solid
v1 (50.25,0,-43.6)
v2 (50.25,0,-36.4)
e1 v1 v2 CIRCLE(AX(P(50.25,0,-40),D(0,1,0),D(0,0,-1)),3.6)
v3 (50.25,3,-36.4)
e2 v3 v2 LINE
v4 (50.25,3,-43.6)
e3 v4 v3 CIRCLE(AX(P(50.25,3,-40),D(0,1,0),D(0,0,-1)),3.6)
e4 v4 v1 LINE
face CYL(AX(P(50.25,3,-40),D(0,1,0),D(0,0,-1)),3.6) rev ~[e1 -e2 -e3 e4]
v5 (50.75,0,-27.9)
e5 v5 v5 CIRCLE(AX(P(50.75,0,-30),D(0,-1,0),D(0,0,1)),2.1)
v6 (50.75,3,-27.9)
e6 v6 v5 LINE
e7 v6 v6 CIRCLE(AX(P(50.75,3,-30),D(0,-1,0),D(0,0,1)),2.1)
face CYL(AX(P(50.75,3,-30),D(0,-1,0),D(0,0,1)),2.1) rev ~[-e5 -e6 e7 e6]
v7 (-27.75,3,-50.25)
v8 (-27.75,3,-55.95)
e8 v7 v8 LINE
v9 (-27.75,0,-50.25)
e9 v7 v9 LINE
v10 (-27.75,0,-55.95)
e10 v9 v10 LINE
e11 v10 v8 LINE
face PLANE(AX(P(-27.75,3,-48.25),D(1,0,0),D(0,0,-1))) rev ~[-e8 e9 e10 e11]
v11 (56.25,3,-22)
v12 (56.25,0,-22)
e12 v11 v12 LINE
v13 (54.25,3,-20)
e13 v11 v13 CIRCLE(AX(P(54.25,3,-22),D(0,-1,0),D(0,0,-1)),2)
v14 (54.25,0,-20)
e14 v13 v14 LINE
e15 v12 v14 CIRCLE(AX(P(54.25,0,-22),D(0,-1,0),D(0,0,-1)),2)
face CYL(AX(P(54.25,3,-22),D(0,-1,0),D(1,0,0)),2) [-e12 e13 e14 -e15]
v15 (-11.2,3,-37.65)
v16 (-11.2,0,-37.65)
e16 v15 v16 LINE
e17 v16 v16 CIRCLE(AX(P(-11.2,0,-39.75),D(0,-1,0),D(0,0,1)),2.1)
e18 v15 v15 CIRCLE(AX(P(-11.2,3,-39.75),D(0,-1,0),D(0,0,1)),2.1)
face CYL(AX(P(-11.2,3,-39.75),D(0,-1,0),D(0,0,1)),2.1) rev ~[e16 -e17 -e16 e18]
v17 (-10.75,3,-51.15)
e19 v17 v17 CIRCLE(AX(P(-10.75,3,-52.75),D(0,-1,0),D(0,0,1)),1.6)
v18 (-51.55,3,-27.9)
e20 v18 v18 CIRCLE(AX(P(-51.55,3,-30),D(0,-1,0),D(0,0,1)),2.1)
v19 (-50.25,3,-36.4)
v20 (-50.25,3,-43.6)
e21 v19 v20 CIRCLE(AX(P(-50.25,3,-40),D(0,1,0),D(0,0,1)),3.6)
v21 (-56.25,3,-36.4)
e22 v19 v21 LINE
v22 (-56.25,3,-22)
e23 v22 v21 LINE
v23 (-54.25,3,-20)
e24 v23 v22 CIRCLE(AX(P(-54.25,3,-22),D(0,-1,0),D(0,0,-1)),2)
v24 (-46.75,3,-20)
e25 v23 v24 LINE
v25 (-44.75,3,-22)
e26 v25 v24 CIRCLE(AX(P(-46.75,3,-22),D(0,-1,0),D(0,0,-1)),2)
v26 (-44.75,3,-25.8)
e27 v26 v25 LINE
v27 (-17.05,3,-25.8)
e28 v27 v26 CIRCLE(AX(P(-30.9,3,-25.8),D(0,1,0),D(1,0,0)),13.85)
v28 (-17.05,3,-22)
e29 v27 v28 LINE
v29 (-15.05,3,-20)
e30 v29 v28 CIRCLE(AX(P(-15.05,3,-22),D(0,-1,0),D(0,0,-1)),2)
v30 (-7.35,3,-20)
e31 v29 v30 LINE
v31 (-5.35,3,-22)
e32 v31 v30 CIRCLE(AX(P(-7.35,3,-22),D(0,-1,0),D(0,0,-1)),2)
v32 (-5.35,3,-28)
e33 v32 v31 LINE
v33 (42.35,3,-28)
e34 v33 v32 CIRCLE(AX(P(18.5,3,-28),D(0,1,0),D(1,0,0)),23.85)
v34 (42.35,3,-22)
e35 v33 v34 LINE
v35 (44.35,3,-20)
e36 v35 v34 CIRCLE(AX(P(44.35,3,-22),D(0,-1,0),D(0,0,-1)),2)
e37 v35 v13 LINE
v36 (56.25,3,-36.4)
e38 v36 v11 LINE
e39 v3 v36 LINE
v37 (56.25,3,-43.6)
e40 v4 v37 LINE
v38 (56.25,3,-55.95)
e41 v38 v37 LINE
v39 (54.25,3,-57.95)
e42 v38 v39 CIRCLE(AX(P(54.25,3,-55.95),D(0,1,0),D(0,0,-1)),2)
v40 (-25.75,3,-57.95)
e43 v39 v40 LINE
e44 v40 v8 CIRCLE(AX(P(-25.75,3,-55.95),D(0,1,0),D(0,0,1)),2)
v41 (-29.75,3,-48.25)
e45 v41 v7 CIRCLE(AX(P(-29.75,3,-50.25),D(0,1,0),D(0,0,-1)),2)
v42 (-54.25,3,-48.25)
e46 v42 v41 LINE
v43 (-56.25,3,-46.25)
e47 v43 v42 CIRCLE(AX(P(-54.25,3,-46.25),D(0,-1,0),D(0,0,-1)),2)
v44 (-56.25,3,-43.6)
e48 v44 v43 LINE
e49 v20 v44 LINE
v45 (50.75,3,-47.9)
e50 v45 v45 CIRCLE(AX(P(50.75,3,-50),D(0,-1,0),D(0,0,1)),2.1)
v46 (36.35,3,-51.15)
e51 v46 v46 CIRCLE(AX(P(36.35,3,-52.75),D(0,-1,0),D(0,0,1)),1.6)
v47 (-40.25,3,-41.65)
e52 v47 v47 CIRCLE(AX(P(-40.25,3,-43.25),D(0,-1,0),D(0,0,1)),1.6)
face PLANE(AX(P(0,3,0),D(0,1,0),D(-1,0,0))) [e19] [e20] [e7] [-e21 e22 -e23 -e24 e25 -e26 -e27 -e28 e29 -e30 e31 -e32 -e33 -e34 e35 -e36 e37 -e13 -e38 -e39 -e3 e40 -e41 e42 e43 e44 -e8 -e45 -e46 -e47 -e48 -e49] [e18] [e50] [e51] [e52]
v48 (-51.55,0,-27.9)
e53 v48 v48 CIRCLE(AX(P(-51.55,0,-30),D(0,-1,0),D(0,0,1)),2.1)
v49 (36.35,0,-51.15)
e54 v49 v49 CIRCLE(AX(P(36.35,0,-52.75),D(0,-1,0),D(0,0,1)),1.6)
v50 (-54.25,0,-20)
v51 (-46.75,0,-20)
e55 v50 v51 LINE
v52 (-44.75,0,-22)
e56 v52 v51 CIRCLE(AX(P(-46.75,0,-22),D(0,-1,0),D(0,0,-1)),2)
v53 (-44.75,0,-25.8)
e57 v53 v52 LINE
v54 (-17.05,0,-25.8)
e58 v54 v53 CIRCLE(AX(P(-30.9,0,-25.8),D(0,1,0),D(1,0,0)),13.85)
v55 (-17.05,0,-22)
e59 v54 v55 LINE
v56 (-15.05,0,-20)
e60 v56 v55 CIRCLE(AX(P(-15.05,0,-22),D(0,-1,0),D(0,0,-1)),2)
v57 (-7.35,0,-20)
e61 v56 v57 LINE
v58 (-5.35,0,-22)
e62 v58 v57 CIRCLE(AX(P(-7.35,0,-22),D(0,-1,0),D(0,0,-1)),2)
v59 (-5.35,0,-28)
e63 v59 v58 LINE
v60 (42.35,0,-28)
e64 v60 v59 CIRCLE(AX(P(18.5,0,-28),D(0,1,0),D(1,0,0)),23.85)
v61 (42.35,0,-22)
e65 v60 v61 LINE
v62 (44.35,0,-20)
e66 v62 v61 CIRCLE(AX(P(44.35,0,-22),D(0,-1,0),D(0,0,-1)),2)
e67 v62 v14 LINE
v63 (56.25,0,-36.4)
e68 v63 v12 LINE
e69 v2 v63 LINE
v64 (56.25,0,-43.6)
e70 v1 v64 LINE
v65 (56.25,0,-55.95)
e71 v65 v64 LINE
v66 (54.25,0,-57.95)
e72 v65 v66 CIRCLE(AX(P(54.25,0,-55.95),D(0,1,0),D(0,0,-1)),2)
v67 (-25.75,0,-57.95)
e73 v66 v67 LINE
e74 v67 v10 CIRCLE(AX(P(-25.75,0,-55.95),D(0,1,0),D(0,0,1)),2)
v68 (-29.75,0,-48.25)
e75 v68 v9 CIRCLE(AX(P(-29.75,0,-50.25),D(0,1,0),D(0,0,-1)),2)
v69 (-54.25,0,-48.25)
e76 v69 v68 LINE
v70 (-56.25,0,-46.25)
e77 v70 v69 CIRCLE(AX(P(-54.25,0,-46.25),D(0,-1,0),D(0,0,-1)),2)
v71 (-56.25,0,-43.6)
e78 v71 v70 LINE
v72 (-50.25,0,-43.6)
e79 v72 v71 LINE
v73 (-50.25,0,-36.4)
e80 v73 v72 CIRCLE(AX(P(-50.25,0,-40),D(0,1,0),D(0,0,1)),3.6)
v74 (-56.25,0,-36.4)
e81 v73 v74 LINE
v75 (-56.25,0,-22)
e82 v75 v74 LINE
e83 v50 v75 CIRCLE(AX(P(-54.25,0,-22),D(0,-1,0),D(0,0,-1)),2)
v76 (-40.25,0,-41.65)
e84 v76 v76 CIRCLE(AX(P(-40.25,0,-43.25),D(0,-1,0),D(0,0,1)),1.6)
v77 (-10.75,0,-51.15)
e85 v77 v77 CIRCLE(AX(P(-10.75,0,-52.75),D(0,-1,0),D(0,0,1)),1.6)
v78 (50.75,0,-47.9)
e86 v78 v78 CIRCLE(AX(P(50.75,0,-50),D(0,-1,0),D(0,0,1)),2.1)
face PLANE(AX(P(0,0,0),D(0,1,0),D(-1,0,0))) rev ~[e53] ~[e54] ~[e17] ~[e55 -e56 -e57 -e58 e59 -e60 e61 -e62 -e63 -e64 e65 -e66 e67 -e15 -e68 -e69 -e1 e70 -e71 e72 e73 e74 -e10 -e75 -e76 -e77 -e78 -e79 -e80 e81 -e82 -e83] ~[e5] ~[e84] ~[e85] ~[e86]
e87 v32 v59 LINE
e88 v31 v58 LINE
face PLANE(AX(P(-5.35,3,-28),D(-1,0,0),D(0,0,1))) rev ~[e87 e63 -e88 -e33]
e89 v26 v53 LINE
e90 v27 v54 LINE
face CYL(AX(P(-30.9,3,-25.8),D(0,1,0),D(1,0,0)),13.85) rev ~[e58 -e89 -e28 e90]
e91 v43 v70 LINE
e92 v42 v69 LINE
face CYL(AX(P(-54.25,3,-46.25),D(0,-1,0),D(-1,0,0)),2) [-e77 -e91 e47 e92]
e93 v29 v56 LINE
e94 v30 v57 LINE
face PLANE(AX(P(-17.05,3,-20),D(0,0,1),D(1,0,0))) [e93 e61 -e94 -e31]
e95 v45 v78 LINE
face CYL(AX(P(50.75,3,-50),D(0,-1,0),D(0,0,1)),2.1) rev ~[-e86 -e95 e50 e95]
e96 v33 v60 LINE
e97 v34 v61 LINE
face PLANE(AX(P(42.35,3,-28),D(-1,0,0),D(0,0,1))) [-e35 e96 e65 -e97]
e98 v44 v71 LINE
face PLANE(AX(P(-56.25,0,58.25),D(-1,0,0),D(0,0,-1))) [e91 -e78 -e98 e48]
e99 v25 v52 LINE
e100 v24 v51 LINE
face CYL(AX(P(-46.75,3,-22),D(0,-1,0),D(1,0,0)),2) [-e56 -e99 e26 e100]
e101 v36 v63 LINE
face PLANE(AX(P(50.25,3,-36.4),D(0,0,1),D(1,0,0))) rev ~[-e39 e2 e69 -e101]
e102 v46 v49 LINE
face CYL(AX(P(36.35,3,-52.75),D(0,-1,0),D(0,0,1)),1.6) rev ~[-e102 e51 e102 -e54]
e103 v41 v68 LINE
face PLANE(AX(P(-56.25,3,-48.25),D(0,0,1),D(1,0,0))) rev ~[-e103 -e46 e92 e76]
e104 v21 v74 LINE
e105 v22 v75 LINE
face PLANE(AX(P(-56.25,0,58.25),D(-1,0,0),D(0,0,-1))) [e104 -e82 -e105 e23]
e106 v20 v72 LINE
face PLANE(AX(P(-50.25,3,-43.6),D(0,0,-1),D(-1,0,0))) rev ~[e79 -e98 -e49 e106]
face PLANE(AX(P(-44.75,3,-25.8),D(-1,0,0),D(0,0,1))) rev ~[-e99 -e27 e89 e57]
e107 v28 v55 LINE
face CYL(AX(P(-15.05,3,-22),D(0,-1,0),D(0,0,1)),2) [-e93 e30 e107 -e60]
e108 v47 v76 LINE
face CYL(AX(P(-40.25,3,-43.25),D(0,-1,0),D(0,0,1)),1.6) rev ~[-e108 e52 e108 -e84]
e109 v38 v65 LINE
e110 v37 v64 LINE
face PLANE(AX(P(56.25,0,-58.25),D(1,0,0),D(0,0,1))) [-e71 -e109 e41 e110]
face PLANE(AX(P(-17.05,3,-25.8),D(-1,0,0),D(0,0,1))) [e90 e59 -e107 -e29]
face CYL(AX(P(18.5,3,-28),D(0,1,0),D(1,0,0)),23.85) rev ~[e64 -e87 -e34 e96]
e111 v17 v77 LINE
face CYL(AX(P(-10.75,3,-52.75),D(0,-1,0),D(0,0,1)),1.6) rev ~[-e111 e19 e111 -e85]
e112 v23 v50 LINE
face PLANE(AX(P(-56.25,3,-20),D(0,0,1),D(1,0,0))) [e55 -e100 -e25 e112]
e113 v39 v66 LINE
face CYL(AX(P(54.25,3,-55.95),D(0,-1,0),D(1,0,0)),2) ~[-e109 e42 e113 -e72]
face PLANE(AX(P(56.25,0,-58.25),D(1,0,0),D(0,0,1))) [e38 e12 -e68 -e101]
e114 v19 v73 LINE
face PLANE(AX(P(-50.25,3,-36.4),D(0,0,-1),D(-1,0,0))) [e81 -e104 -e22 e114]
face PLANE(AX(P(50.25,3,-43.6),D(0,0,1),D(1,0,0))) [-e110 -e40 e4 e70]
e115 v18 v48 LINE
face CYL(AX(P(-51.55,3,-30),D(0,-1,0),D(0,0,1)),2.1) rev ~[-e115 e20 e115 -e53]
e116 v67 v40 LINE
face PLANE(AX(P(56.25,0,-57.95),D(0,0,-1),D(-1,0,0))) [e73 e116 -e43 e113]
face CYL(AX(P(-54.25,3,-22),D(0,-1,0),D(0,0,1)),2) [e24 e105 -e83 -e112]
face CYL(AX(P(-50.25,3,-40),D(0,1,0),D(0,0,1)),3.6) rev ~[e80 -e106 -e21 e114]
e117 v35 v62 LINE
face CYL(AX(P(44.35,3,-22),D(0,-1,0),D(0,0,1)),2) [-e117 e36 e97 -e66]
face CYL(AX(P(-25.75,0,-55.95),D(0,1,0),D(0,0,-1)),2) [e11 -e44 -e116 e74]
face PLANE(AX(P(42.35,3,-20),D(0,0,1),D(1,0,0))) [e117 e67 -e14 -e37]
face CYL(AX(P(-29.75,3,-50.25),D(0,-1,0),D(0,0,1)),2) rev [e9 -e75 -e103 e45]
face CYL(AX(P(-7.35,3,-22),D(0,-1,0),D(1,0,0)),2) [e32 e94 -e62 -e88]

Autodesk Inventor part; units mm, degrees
ref_plane "YZ Plane" through (0, 0, 0) normal (1, 0, 0) x (0, 1, 0)
ref_plane "XZ Plane" through (0, 0, 0) normal (0, 1, 0) x (-1, 0, 0)
ref_plane "XY Plane" through (0, 0, 0) normal (0, 0, 1) x (1, 0, 0)
sketch "Sketch1" plane through (0, 0, 0) normal (0, 1, 0) x (-1, 0, 0)
  line L0 (-56.25, 58.25) -> (56.25, 58.25)
  line L1 (56.25, 58.25) -> (56.25, -58.25)
  line L2 (56.25, -58.25) -> (-56.25, -58.25)
  line L3 (-56.25, -58.25) -> (-56.25, 58.25)
  line L4 (-56.25, 58.25) -> (56.25, -58.25) construction
  line L5 (56.25, 58.25) -> (-56.25, -58.25) construction
  point P0 (0, 0)
  dimension "d0" = 112.5
  dimension "d1" = 116.5
extrude "Extrusion1" add sketch "Sketch1" along normal blind 3
sketch "Sketch2" plane through (0, 3, 0) normal (0, 1, 0) x (1, 0, 0)
  circle A0 centre (18.5, 28) radius 23.85
  circle A1 centre (37, -23.25) radius 13.85
  circle A2 centre (-35, -40.25) radius 13.85
  circle A3 centre (-30.9, 25.8) radius 13.85
  circle A4 centre (0, -23.25) radius 13.85
  line L0 (56.25, 58.25) -> (-56.25, 58.25) projected
  line L1 (-56.25, -58.25) -> (56.25, -58.25) projected
  line L2 (0, -105.9299) -> (0, 123.2086) construction
  line L3 (-76.4777, -40.25) -> (-5.35, -40.25) construction
  line L4 (-123.5447, -23.25) -> (82.5572, -23.25) construction
  line L5 (56.25, -58.25) -> (56.25, 58.25) construction
  point P0 (0, 0)
  dimension "d4" = 47.7
  dimension "d5" = 27.7
  dimension "d6" = 27.7
  dimension "d7" = 27.7
  dimension "d8" = 27.7
  dimension "d9" = 116.5
  dimension "d10" = 112.5
  dimension "d13" = 37
  dimension "d14" = 18.5
  dimension "d15" = 30.9
  dimension "d18" = 18
  dimension "d19" = 35
  dimension "d20" = 35
  dimension "d53" = 28
  dimension "d54" = 25.8
extrude "Extrusion2" cut sketch "Sketch2" against normal blind 5
sketch "Sketch4" plane through (0, 3, 0) normal (0, 1, 0) x (1, 0, 0)
  line L0 (-56.25, 58.25) -> (-56.25, -58.25)
  line L1 (56.25, -58.25) -> (56.25, 58.25)
  line L2 (18.5, -17.4904) -> (18.5, -40.0394) construction
  line L3 (-51.55, 5.4) -> (-51.55, 71.9941) construction
  line L4 (50.75, 5.4) -> (50.75, 69.4565) construction
  line L5 (-73.722, 50) -> (66.5467, 50) construction
  line L6 (66.5467, 30) -> (-76.0779, 30) construction
  circle A0 centre (18.5, 28) radius 23.85
  circle A1 centre (37, -23.25) radius 13.85
  circle A2 centre (-30.9, 25.8) radius 13.85
  circle A3 centre (0, -23.25) radius 13.85
  circle A4 centre (-35, -40.25) radius 13.85
  line L7 (56.25, 58.25) -> (-56.25, 58.25)
  line L8 (-56.25, 58.25) -> (-56.25, -58.25)
  line L9 (-56.25, -58.25) -> (56.25, -58.25)
  line L10 (56.25, -58.25) -> (56.25, 58.25)
  circle A5 centre (-30.9, 25.8) radius 13.85
  circle A6 centre (18.5, 28) radius 23.85
  circle A7 centre (0, -23.25) radius 13.85
  circle A8 centre (37, -23.25) radius 13.85
  circle A9 centre (-35, -40.25) radius 13.85
  line L11 (-56.25, 58.25) -> (-56.25, -58.25)
  line L12 (-56.25, 58.25) -> (-56.25, -58.25)
  line L13 (56.25, -58.25) -> (56.25, 58.25)
  line L14 (56.25, 58.25) -> (56.25, -58.25)
  line L15 (-56.25, 20) -> (-44.75, 20)
  line L16 (-17.05, 20) -> (-5.35, 20)
  line L17 (42.35, 20) -> (56.25, 20)
  line L18 (-56.25, -40.25) -> (-48.85, -40.25)
  circle A10 centre (-35, -40.25) radius 13.85
  circle A11 centre (37, -23.25) radius 13.85
  line L19 (50.85, -23.25) -> (56.25, -23.25)
  circle A12 centre (0, -23.25) radius 13.85
  line L20 (-13.85, -23.25) -> (-13.85, -38.25)
  line L21 (-15.85, -40.25) -> (-21.15, -40.25)
  line L22 (13.85, -23.25) -> (13.85, -31.25)
  line L23 (15.85, -33.25) -> (21.15, -33.25)
  line L24 (23.15, -31.25) -> (23.15, -23.25)
  arc A13 (13.85, -31.25) -> (15.85, -33.25) centre (15.85, -31.25) ccw
  arc A14 (21.15, -33.25) -> (23.15, -31.25) centre (21.15, -31.25) ccw
  arc A15 (-15.85, -40.25) -> (-13.85, -38.25) centre (-15.85, -38.25) ccw
  line L25 (-44.75, 25.8) -> (-44.75, 20)
  circle A16 centre (-30.9, 25.8) radius 13.85 projected
  line L26 (-17.05, 25.8) -> (-17.05, 20)
  line L27 (-5.35, 28) -> (-5.35, 20)
  circle A17 centre (18.5, 28) radius 23.85 projected
  line L28 (42.35, 28) -> (42.35, 20)
  line L29 (-110.6194, 0) -> (115.0669, 0) construction
  line L30 (0, -77.0518) -> (0, 133.3252) construction
  point P0 (-56.25, 17.5733)
  point P1 (-42.0273, 17.5733)
  point P2 (-19.7727, 17.5733)
  point P3 (-2.96, 17.5733)
  point P4 (39.1015, 15.9629)
  point P5 (56.25, 15.9629)
  point P6 (-13.85, -23.25)
  point P7 (-21.15, -40.25)
  point P8 (0, 0)
  point P9 (0, 0)
  point P10 (18.5, -13.25)
  point P11 (18.5, -23.25)
  point P12 (-51.55, 30)
  point P13 (50.75, 50)
  point P14 (50.75, 30)
  point P15 (-13.85, -40.25)
  point P16 (13.85, -33.25)
  point P17 (-56.25, 17.5)
  point P18 (-41.9875, 17.5)
  point P19 (-19.8125, 17.5)
  point P20 (-2.9143, 17.5)
  point P21 (39.1112, 16)
  point P22 (56.25, 16)
  point P23 (-21.15, -40.25)
  point P24 (56.25, 20)
  point P25 (-56.25, 20)
  point P26 (56.25, 0)
  point P27 (-56.25, 0)
  point P28 (-11.2, 39.75)
  dimension "d65" = 27.7
  dimension "d55" = 4.7
  dimension "d56" = 5.5
  dimension "d57" = 13.25
  dimension "d58" = 30
  dimension "d59" = 50
  dimension "d60" = 5.4
  dimension "d61" = 5.4
  dimension "d62" = 18.5
  dimension "d63" = 10
  dimension "d64" = 2
  dimension "d66" = 47.7
  dimension "d67" = 2
  dimension "d68" = 27.7
  dimension "d69" = 23.25
  dimension "d70" = 37
  dimension "d73" = 20
  dimension "d88" = 20
  dimension "d89" = 28
  dimension "d98" = 18.5
  dimension "d99" = 45.05
hole "Hole1" at (-51.55, 3, -30) at (50.75, 3, -50) at (50.75, 3, -30) at (-11.2, 3, -39.75) direction (0, -1, 0) diameter 4.2 end through all
extrude "Extrusion3" cut sketch "Sketch4" against normal blind 10 contours L15 L25 A2 L26 L16 L27 A0 L28 L17 L1 L19 A1 L24 A14 L23 A13 L22 A3 L20 A15 L21 A4 L18 L0 | L18 A4 L21 A15 L20 A3 L22 A13 L23 A14 L24 A1 L19 L1 L9 L0
fillet "Fillet1" radius 2 6 edges at (-56.25, 1.5, -20) (-44.75, 1.5, -20) (-17.05, 1.5, -20) (-5.35, 1.5, -20) (42.35, 1.5, -20) (56.25, 1.5, -20)
sketch "Sketch5" plane through (0, 3, 0) normal (0, 1, 0) x (1, 0, 0)
  line L0 (56.25, 58.25) -> (-56.25, 58.25)
  line L1 (56.25, 58.25) -> (-56.25, 58.25)
  line L2 (-46.75, 25.8) -> (-44.75, 25.8)
  arc A0 (-17.05, 25.8) -> (-44.75, 25.8) centre (-30.9, 25.8) ccw
  arc A1 (-17.05, 25.8) -> (-15.05, 27.8) centre (-17.05, 27.8) ccw
  line L3 (-15.05, 27.8) -> (-15.05, 42.25)
  arc A2 (-13.05, 44.25) -> (-15.05, 42.25) centre (-13.05, 42.25) ccw
  line L4 (-13.05, 44.25) -> (-9.35, 44.25)
  arc A3 (-7.35, 42.25) -> (-9.35, 44.25) centre (-9.35, 42.25) ccw
  line L5 (-7.35, 42.25) -> (-7.35, 29.9796)
  arc A4 (-7.35, 29.9796) -> (-5.35, 27.98) centre (-5.35, 29.98) ccw
  arc A5 (42.35, 27.98) -> (-5.35, 27.98) centre (18.5, 28) ccw
  line L6 (42.35, 27.98) -> (44.35, 27.98)
  line L7 (44.35, 27.98) -> (44.35, 58.25)
  line L8 (44.35, 58.25) -> (-46.75, 58.25)
  line L9 (-46.75, 58.25) -> (-46.75, 25.8)
  line L10 (56.25, 58.25) -> (-56.25, 58.25) projected
  point P0 (0, 0)
  point P1 (0, 0)
  point P2 (-40.25, 43.25)
  point P3 (-10.75, 52.75)
  point P4 (36.35, 52.75)
  point P5 (54.25, 58.25)
  point P6 (-54.25, 58.25)
  dimension "d75" = 5.5
  dimension "d76" = 5.5
  dimension "d77" = 15
  dimension "d78" = 6.5
  dimension "d79" = 36
  dimension "d80" = 8
hole "Hole2" at (-40.25, 3, -43.25) at (-10.75, 3, -52.75) at (36.35, 3, -52.75) direction (0, -1, 0) diameter 3.2 end through all
sketch "Sketch6" plane through (0, 3, 0) normal (0, 1, 0) x (1, 0, 0)
  line L0 (-73.7148, 40) -> (84.1674, 40) construction
  line L1 (56.25, 58.25) -> (-56.25, 58.25) construction
  arc A0 (-50.25, 36.4) -> (-50.25, 43.6) centre (-50.25, 40) ccw
  arc A1 (50.25, 43.6) -> (50.25, 36.4) centre (50.25, 40) ccw
  line L2 (-56.25, 58.25) -> (-56.25, 22) construction
  line L3 (56.25, 22) -> (56.25, 58.25) construction
  line L4 (-50.25, 43.6) -> (-56.25, 43.6)
  line L5 (-50.25, 36.4) -> (-56.25, 36.4)
  line L6 (50.25, 43.6) -> (56.25, 43.6)
  line L7 (56.25, 22) -> (56.25, 58.25) projected
  line L8 (50.25, 36.4) -> (56.25, 36.4)
  line L9 (-56.25, 43.6) -> (-56.25, 36.4)
  point P0 (0, 0)
  point P1 (54.25, 58.25)
  point P2 (-54.25, 58.25)
  point P3 (-56.25, 56.25)
  point P4 (56.25, 56.25)
  dimension "d90" = 18.25
  dimension "d91" = 7.2
  dimension "d92" = 7.2
  dimension "d93" = 6
  dimension "d94" = 6
extrude "Extrusion4" cut sketch "Sketch6" against normal blind 10
sketch "Sketch7" plane through (0, 3, 0) normal (0, 1, 0) x (1, 0, 0)
  line L0 (-56.25, 58.25) -> (-56.25, 43.6) projected
  line L1 (-27.75, 58.25) -> (-56.25, 58.25)
  line L2 (-56.25, 58.25) -> (-56.25, 48.25)
  line L3 (-56.25, 48.25) -> (-27.75, 48.25)
  line L4 (-27.75, 48.25) -> (-27.75, 58.25)
  line L5 (56.25, 58.25) -> (-56.25, 58.25) projected
  point P0 (0, 0)
  point P1 (-56.25, 56.25)
  point P2 (54.25, 58.25)
  point P3 (-54.25, 58.25)
  point P4 (-56.25, 56.25)
  dimension "d100" = 28.5
  dimension "d101" = 10
extrude "Extrusion5" cut sketch "Sketch7" against normal blind 10
sketch "Sketch8" plane through (56.25, 0, -58.25) normal (0, 0, -1) x (-1, 0, 0)
  line L0 (0, 3) -> (84, 3) projected
  line L1 (0, 0) -> (84, 0) projected
  line L2 (84, 3) -> (0, 3)
  line L3 (0, 3) -> (0, 0)
  line L4 (0, 0) -> (84, 0)
  line L5 (84, 0) -> (84, 3)
  point P0 (56.25, 0)
extrude "Extrusion6" cut sketch "Sketch8" against normal blind 0.3
fillet "Fillet3" radius 2 4 edges at (-56.25, 1.5, -48.25) (56.25, 1.5, -57.95) (-27.75, 1.5, -57.95) (-27.75, 1.5, -48.25)
equation "\"d76\" = d75"
properties part number "Bottle clamping plate 1"
